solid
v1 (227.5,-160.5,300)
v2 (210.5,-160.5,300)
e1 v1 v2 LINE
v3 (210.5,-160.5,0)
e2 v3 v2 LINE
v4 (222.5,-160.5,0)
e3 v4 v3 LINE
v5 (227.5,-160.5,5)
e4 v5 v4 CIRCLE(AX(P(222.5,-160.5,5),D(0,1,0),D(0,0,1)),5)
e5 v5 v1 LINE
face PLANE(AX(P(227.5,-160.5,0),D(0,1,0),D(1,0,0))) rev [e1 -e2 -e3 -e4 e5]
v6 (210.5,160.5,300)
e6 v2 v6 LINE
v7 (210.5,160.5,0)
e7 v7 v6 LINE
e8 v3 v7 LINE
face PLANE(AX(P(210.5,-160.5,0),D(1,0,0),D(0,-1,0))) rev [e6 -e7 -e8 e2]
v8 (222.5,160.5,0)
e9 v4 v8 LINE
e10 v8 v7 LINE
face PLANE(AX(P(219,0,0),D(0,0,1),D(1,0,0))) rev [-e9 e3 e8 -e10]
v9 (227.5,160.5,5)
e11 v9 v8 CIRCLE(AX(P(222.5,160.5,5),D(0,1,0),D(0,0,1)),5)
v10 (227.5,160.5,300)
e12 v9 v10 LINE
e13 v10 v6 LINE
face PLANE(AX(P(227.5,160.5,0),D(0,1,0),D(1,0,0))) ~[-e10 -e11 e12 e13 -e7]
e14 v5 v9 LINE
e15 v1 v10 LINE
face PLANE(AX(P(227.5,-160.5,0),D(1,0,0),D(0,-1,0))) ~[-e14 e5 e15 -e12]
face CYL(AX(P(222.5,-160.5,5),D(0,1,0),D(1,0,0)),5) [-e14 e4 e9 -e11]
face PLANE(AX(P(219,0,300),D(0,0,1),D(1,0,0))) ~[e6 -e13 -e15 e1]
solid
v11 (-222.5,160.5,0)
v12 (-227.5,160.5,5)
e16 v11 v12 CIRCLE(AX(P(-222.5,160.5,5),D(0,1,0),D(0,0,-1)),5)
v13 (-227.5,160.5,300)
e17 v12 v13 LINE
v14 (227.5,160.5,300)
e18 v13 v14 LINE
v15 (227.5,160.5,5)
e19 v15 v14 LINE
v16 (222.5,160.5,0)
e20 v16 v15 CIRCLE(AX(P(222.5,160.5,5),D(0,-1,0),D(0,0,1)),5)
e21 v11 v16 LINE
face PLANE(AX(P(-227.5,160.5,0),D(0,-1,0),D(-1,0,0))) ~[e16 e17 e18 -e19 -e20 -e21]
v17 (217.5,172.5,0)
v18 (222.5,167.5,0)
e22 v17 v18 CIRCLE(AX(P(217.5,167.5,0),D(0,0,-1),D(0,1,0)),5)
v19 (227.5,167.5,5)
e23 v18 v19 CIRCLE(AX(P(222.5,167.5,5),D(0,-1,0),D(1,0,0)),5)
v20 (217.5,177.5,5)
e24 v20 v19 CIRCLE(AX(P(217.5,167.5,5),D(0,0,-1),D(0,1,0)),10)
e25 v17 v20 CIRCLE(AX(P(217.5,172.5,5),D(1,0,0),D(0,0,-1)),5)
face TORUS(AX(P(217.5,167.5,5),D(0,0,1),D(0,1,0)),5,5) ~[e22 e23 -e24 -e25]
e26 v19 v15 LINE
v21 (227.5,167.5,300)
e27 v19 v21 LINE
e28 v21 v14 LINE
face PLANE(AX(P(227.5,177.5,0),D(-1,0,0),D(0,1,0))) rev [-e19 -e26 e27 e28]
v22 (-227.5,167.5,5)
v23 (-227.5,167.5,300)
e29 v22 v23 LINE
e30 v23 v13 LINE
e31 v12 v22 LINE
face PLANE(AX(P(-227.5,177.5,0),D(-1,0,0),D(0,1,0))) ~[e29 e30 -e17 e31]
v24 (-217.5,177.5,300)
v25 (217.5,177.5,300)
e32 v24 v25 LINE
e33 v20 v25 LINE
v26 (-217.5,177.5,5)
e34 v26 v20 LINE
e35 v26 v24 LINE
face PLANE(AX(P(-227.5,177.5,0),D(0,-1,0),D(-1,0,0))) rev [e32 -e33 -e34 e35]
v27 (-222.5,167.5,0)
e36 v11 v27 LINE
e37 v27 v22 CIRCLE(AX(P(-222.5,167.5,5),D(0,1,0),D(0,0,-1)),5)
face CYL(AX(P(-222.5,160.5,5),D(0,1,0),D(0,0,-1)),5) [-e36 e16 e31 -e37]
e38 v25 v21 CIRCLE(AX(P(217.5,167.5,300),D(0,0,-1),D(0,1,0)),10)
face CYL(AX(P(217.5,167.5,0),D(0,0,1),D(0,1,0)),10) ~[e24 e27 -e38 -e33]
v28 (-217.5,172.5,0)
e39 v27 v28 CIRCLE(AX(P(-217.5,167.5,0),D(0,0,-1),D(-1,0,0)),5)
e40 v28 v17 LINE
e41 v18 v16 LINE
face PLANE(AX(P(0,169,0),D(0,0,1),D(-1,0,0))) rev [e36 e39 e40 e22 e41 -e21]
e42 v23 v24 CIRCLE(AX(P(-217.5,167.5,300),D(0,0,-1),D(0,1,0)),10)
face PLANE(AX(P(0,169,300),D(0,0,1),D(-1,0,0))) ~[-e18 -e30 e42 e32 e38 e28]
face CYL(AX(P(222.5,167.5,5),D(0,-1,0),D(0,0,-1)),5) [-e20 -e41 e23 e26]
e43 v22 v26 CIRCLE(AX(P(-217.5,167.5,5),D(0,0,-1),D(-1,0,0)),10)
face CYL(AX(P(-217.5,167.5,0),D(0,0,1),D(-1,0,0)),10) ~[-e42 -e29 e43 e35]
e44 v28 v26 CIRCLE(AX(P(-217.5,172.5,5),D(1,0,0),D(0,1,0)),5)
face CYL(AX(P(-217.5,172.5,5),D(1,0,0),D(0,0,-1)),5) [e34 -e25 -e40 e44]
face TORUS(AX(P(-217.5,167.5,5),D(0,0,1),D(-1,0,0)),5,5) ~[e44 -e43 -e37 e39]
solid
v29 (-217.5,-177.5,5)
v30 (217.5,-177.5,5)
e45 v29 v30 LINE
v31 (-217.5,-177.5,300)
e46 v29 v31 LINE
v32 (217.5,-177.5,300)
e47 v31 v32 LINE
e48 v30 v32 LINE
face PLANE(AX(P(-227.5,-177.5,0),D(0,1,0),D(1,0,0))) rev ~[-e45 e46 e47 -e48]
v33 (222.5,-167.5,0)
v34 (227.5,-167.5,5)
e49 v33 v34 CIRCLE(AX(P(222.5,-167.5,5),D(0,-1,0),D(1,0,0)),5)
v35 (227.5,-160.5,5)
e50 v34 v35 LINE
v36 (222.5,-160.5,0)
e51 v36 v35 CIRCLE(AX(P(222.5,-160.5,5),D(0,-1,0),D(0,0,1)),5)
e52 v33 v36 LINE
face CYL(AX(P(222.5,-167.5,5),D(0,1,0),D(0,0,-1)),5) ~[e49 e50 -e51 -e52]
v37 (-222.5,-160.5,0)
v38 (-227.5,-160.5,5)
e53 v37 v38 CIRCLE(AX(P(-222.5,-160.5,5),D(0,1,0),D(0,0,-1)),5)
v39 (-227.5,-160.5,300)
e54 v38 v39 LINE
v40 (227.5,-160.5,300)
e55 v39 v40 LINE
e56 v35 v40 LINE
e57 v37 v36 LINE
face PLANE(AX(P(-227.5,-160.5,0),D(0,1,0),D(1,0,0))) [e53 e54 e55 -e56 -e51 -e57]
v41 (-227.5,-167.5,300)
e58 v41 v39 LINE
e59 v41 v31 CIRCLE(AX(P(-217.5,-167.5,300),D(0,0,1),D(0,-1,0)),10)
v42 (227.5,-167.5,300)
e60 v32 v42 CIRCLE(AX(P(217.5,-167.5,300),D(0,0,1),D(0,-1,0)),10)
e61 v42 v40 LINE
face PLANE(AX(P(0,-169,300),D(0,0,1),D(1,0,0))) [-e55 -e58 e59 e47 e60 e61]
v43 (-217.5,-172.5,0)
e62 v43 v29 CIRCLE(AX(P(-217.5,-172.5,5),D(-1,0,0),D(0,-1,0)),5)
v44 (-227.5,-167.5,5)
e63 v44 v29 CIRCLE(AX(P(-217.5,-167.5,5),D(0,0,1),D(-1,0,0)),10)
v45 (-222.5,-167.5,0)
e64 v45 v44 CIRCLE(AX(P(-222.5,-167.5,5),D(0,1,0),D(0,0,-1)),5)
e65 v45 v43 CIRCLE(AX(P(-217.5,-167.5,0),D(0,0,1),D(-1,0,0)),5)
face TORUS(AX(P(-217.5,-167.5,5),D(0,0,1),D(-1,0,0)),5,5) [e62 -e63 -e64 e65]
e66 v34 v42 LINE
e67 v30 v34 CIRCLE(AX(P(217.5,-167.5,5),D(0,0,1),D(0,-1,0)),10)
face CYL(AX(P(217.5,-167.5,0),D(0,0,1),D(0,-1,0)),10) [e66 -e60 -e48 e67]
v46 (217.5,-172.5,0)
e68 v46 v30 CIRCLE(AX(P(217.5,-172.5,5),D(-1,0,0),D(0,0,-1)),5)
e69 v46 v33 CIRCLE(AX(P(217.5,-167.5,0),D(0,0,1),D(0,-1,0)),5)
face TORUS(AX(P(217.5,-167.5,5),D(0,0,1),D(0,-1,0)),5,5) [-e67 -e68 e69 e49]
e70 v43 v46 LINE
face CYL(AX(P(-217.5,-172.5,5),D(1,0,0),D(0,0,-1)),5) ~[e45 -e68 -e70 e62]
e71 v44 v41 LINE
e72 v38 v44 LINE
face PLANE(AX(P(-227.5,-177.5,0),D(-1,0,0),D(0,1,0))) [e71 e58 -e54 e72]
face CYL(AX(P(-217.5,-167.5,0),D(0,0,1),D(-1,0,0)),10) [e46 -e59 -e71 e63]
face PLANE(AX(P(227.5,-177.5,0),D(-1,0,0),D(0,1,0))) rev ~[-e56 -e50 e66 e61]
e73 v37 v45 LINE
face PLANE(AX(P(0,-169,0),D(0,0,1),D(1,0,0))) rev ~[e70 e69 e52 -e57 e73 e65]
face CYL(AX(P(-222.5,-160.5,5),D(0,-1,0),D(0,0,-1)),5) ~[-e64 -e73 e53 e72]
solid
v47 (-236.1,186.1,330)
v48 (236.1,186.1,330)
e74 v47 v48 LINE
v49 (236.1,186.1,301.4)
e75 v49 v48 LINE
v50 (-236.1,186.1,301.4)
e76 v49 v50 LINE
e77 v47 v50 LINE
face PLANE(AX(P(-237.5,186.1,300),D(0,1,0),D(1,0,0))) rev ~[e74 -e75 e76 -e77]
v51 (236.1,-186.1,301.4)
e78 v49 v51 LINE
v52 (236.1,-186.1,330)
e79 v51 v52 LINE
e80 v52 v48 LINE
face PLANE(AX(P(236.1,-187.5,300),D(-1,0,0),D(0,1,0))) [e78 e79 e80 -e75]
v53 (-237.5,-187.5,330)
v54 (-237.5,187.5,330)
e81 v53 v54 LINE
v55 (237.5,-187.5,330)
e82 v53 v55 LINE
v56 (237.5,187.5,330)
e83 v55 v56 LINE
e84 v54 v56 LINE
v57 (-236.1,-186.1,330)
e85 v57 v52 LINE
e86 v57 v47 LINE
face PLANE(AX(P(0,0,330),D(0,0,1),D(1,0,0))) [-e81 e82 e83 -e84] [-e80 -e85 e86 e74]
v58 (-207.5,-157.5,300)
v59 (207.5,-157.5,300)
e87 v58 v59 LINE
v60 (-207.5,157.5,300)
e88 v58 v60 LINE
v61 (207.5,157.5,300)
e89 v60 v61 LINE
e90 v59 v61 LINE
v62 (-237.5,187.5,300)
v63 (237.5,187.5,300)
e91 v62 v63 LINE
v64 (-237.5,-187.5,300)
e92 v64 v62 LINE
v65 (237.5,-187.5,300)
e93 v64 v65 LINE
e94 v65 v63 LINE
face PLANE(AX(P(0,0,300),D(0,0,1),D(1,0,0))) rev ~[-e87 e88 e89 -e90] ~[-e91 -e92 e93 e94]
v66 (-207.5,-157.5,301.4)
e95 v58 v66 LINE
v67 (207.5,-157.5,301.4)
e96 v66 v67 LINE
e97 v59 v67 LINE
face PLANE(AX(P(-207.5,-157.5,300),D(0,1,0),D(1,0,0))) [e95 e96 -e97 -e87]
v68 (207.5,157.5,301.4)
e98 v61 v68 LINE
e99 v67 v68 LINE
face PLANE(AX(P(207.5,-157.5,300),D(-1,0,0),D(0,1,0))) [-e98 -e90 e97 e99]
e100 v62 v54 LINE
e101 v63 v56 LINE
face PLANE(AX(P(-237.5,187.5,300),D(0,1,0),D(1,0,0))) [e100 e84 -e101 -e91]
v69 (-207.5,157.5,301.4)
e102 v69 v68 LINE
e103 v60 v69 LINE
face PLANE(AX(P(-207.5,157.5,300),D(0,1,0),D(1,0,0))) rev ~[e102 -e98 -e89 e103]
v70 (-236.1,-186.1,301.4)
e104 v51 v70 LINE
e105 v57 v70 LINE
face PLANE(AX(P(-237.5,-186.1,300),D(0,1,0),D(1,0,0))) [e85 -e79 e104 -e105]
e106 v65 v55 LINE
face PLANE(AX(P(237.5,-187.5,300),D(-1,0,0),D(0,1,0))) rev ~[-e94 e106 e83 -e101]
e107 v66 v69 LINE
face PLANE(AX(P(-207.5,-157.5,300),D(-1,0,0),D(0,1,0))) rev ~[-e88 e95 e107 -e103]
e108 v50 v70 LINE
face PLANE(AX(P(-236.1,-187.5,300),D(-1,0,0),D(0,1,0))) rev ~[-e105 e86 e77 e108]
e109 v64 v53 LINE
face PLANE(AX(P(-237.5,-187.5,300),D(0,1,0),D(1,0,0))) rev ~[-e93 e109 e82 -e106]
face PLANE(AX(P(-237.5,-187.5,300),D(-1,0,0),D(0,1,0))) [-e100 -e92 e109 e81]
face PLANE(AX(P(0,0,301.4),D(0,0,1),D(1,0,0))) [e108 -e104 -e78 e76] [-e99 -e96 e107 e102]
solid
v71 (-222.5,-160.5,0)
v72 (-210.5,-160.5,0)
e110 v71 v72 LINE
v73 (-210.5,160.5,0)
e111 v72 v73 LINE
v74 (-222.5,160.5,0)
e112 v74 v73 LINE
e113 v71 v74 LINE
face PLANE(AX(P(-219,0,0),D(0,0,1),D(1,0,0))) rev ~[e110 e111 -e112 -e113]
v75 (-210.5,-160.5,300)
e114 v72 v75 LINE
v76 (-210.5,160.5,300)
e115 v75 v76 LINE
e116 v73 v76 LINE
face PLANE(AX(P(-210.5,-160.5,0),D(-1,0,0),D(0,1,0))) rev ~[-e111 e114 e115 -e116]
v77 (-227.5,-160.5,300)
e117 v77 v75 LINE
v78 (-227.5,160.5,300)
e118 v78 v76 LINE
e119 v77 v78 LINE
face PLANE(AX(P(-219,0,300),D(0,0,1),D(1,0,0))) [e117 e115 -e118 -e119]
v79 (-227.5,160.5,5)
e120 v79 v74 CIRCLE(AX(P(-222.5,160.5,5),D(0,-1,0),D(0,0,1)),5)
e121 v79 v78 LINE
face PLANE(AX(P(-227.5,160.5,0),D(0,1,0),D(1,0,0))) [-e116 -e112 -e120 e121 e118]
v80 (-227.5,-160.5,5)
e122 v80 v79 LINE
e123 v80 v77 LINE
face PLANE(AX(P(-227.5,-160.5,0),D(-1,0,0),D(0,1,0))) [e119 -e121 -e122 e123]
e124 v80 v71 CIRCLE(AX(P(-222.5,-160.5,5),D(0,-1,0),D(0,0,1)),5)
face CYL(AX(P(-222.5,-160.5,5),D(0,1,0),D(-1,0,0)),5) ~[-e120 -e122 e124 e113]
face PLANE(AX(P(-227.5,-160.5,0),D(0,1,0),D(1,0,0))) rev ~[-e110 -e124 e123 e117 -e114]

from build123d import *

# Parameters (mm, degrees)
F0_W      = 455
F0_H      = 17
F1_DEPTH  = 300
F2_R      = 10
F3_R      = 5
F4_W      = 17
F4_H      = 321
F5_DEPTH  = 300
F6_R      = 5
F9_W      = 475
F9_H      = 375
F9_W_2    = 415
F9_H_2    = 315
F10_DEPTH = 30
F11_T     = -1.4


with BuildPart() as f1:
    # F0 (on Top) → F1 (new body)
    with BuildSketch(Plane.XY):
        with Locations((0, -169)):
            Rectangle(F0_W, F0_H)
    extrude(amount=F1_DEPTH)

    # F2
    f2_edges = [f1.edges().sort_by_distance(p)[0] for p in [
        (-227.5, -177.5, 150),
        (227.5, -177.5, 150),
    ]]
    fillet(f2_edges, radius=F2_R)

    # F3
    f3_edges = [f1.edges().sort_by_distance(p)[0] for p in [
        (0, -177.5, 0),
    ]]
    fillet(f3_edges, radius=F3_R)


with BuildPart() as f5:
    # F4 (on Top) → F5 (new body)
    with BuildSketch(Plane.XY):
        with Locations((-219, 0)):
            Rectangle(F4_W, F4_H)
    extrude(amount=F5_DEPTH)

    # F6
    f6_edges = [f5.edges().sort_by_distance(p)[0] for p in [
        (-227.5, 0, 0),
    ]]
    fillet(f6_edges, radius=F6_R)


with BuildPart() as f7_1:
    # F7: instance of F1
    add(f1.part.mirror(Plane.XZ))


with BuildPart() as f8_1:
    # F8: instance of F5
    add(f5.part.mirror(Plane.YZ))


with BuildPart() as f10:
    # F9 (on face) → F10 (new body)
    with BuildSketch(Plane.XY.offset(300)):
        Rectangle(F9_W, F9_H)
        Rectangle(F9_W_2, F9_H_2, mode=Mode.SUBTRACT)
    extrude(amount=F10_DEPTH)

    # F11
    f11_openings = [f10.faces().sort_by_distance(p)[0] for p in [
        (231.448141, 0, 330),
        (0, 157.5, 315),
        (-207.5, 0, 315),
        (207.5, 0, 315),
        (0, -157.5, 315),
    ]]
    offset(amount=F11_T, openings=f11_openings)


solid = Compound([f1.part, f5.part, f7_1.part, f8_1.part, f10.part])
